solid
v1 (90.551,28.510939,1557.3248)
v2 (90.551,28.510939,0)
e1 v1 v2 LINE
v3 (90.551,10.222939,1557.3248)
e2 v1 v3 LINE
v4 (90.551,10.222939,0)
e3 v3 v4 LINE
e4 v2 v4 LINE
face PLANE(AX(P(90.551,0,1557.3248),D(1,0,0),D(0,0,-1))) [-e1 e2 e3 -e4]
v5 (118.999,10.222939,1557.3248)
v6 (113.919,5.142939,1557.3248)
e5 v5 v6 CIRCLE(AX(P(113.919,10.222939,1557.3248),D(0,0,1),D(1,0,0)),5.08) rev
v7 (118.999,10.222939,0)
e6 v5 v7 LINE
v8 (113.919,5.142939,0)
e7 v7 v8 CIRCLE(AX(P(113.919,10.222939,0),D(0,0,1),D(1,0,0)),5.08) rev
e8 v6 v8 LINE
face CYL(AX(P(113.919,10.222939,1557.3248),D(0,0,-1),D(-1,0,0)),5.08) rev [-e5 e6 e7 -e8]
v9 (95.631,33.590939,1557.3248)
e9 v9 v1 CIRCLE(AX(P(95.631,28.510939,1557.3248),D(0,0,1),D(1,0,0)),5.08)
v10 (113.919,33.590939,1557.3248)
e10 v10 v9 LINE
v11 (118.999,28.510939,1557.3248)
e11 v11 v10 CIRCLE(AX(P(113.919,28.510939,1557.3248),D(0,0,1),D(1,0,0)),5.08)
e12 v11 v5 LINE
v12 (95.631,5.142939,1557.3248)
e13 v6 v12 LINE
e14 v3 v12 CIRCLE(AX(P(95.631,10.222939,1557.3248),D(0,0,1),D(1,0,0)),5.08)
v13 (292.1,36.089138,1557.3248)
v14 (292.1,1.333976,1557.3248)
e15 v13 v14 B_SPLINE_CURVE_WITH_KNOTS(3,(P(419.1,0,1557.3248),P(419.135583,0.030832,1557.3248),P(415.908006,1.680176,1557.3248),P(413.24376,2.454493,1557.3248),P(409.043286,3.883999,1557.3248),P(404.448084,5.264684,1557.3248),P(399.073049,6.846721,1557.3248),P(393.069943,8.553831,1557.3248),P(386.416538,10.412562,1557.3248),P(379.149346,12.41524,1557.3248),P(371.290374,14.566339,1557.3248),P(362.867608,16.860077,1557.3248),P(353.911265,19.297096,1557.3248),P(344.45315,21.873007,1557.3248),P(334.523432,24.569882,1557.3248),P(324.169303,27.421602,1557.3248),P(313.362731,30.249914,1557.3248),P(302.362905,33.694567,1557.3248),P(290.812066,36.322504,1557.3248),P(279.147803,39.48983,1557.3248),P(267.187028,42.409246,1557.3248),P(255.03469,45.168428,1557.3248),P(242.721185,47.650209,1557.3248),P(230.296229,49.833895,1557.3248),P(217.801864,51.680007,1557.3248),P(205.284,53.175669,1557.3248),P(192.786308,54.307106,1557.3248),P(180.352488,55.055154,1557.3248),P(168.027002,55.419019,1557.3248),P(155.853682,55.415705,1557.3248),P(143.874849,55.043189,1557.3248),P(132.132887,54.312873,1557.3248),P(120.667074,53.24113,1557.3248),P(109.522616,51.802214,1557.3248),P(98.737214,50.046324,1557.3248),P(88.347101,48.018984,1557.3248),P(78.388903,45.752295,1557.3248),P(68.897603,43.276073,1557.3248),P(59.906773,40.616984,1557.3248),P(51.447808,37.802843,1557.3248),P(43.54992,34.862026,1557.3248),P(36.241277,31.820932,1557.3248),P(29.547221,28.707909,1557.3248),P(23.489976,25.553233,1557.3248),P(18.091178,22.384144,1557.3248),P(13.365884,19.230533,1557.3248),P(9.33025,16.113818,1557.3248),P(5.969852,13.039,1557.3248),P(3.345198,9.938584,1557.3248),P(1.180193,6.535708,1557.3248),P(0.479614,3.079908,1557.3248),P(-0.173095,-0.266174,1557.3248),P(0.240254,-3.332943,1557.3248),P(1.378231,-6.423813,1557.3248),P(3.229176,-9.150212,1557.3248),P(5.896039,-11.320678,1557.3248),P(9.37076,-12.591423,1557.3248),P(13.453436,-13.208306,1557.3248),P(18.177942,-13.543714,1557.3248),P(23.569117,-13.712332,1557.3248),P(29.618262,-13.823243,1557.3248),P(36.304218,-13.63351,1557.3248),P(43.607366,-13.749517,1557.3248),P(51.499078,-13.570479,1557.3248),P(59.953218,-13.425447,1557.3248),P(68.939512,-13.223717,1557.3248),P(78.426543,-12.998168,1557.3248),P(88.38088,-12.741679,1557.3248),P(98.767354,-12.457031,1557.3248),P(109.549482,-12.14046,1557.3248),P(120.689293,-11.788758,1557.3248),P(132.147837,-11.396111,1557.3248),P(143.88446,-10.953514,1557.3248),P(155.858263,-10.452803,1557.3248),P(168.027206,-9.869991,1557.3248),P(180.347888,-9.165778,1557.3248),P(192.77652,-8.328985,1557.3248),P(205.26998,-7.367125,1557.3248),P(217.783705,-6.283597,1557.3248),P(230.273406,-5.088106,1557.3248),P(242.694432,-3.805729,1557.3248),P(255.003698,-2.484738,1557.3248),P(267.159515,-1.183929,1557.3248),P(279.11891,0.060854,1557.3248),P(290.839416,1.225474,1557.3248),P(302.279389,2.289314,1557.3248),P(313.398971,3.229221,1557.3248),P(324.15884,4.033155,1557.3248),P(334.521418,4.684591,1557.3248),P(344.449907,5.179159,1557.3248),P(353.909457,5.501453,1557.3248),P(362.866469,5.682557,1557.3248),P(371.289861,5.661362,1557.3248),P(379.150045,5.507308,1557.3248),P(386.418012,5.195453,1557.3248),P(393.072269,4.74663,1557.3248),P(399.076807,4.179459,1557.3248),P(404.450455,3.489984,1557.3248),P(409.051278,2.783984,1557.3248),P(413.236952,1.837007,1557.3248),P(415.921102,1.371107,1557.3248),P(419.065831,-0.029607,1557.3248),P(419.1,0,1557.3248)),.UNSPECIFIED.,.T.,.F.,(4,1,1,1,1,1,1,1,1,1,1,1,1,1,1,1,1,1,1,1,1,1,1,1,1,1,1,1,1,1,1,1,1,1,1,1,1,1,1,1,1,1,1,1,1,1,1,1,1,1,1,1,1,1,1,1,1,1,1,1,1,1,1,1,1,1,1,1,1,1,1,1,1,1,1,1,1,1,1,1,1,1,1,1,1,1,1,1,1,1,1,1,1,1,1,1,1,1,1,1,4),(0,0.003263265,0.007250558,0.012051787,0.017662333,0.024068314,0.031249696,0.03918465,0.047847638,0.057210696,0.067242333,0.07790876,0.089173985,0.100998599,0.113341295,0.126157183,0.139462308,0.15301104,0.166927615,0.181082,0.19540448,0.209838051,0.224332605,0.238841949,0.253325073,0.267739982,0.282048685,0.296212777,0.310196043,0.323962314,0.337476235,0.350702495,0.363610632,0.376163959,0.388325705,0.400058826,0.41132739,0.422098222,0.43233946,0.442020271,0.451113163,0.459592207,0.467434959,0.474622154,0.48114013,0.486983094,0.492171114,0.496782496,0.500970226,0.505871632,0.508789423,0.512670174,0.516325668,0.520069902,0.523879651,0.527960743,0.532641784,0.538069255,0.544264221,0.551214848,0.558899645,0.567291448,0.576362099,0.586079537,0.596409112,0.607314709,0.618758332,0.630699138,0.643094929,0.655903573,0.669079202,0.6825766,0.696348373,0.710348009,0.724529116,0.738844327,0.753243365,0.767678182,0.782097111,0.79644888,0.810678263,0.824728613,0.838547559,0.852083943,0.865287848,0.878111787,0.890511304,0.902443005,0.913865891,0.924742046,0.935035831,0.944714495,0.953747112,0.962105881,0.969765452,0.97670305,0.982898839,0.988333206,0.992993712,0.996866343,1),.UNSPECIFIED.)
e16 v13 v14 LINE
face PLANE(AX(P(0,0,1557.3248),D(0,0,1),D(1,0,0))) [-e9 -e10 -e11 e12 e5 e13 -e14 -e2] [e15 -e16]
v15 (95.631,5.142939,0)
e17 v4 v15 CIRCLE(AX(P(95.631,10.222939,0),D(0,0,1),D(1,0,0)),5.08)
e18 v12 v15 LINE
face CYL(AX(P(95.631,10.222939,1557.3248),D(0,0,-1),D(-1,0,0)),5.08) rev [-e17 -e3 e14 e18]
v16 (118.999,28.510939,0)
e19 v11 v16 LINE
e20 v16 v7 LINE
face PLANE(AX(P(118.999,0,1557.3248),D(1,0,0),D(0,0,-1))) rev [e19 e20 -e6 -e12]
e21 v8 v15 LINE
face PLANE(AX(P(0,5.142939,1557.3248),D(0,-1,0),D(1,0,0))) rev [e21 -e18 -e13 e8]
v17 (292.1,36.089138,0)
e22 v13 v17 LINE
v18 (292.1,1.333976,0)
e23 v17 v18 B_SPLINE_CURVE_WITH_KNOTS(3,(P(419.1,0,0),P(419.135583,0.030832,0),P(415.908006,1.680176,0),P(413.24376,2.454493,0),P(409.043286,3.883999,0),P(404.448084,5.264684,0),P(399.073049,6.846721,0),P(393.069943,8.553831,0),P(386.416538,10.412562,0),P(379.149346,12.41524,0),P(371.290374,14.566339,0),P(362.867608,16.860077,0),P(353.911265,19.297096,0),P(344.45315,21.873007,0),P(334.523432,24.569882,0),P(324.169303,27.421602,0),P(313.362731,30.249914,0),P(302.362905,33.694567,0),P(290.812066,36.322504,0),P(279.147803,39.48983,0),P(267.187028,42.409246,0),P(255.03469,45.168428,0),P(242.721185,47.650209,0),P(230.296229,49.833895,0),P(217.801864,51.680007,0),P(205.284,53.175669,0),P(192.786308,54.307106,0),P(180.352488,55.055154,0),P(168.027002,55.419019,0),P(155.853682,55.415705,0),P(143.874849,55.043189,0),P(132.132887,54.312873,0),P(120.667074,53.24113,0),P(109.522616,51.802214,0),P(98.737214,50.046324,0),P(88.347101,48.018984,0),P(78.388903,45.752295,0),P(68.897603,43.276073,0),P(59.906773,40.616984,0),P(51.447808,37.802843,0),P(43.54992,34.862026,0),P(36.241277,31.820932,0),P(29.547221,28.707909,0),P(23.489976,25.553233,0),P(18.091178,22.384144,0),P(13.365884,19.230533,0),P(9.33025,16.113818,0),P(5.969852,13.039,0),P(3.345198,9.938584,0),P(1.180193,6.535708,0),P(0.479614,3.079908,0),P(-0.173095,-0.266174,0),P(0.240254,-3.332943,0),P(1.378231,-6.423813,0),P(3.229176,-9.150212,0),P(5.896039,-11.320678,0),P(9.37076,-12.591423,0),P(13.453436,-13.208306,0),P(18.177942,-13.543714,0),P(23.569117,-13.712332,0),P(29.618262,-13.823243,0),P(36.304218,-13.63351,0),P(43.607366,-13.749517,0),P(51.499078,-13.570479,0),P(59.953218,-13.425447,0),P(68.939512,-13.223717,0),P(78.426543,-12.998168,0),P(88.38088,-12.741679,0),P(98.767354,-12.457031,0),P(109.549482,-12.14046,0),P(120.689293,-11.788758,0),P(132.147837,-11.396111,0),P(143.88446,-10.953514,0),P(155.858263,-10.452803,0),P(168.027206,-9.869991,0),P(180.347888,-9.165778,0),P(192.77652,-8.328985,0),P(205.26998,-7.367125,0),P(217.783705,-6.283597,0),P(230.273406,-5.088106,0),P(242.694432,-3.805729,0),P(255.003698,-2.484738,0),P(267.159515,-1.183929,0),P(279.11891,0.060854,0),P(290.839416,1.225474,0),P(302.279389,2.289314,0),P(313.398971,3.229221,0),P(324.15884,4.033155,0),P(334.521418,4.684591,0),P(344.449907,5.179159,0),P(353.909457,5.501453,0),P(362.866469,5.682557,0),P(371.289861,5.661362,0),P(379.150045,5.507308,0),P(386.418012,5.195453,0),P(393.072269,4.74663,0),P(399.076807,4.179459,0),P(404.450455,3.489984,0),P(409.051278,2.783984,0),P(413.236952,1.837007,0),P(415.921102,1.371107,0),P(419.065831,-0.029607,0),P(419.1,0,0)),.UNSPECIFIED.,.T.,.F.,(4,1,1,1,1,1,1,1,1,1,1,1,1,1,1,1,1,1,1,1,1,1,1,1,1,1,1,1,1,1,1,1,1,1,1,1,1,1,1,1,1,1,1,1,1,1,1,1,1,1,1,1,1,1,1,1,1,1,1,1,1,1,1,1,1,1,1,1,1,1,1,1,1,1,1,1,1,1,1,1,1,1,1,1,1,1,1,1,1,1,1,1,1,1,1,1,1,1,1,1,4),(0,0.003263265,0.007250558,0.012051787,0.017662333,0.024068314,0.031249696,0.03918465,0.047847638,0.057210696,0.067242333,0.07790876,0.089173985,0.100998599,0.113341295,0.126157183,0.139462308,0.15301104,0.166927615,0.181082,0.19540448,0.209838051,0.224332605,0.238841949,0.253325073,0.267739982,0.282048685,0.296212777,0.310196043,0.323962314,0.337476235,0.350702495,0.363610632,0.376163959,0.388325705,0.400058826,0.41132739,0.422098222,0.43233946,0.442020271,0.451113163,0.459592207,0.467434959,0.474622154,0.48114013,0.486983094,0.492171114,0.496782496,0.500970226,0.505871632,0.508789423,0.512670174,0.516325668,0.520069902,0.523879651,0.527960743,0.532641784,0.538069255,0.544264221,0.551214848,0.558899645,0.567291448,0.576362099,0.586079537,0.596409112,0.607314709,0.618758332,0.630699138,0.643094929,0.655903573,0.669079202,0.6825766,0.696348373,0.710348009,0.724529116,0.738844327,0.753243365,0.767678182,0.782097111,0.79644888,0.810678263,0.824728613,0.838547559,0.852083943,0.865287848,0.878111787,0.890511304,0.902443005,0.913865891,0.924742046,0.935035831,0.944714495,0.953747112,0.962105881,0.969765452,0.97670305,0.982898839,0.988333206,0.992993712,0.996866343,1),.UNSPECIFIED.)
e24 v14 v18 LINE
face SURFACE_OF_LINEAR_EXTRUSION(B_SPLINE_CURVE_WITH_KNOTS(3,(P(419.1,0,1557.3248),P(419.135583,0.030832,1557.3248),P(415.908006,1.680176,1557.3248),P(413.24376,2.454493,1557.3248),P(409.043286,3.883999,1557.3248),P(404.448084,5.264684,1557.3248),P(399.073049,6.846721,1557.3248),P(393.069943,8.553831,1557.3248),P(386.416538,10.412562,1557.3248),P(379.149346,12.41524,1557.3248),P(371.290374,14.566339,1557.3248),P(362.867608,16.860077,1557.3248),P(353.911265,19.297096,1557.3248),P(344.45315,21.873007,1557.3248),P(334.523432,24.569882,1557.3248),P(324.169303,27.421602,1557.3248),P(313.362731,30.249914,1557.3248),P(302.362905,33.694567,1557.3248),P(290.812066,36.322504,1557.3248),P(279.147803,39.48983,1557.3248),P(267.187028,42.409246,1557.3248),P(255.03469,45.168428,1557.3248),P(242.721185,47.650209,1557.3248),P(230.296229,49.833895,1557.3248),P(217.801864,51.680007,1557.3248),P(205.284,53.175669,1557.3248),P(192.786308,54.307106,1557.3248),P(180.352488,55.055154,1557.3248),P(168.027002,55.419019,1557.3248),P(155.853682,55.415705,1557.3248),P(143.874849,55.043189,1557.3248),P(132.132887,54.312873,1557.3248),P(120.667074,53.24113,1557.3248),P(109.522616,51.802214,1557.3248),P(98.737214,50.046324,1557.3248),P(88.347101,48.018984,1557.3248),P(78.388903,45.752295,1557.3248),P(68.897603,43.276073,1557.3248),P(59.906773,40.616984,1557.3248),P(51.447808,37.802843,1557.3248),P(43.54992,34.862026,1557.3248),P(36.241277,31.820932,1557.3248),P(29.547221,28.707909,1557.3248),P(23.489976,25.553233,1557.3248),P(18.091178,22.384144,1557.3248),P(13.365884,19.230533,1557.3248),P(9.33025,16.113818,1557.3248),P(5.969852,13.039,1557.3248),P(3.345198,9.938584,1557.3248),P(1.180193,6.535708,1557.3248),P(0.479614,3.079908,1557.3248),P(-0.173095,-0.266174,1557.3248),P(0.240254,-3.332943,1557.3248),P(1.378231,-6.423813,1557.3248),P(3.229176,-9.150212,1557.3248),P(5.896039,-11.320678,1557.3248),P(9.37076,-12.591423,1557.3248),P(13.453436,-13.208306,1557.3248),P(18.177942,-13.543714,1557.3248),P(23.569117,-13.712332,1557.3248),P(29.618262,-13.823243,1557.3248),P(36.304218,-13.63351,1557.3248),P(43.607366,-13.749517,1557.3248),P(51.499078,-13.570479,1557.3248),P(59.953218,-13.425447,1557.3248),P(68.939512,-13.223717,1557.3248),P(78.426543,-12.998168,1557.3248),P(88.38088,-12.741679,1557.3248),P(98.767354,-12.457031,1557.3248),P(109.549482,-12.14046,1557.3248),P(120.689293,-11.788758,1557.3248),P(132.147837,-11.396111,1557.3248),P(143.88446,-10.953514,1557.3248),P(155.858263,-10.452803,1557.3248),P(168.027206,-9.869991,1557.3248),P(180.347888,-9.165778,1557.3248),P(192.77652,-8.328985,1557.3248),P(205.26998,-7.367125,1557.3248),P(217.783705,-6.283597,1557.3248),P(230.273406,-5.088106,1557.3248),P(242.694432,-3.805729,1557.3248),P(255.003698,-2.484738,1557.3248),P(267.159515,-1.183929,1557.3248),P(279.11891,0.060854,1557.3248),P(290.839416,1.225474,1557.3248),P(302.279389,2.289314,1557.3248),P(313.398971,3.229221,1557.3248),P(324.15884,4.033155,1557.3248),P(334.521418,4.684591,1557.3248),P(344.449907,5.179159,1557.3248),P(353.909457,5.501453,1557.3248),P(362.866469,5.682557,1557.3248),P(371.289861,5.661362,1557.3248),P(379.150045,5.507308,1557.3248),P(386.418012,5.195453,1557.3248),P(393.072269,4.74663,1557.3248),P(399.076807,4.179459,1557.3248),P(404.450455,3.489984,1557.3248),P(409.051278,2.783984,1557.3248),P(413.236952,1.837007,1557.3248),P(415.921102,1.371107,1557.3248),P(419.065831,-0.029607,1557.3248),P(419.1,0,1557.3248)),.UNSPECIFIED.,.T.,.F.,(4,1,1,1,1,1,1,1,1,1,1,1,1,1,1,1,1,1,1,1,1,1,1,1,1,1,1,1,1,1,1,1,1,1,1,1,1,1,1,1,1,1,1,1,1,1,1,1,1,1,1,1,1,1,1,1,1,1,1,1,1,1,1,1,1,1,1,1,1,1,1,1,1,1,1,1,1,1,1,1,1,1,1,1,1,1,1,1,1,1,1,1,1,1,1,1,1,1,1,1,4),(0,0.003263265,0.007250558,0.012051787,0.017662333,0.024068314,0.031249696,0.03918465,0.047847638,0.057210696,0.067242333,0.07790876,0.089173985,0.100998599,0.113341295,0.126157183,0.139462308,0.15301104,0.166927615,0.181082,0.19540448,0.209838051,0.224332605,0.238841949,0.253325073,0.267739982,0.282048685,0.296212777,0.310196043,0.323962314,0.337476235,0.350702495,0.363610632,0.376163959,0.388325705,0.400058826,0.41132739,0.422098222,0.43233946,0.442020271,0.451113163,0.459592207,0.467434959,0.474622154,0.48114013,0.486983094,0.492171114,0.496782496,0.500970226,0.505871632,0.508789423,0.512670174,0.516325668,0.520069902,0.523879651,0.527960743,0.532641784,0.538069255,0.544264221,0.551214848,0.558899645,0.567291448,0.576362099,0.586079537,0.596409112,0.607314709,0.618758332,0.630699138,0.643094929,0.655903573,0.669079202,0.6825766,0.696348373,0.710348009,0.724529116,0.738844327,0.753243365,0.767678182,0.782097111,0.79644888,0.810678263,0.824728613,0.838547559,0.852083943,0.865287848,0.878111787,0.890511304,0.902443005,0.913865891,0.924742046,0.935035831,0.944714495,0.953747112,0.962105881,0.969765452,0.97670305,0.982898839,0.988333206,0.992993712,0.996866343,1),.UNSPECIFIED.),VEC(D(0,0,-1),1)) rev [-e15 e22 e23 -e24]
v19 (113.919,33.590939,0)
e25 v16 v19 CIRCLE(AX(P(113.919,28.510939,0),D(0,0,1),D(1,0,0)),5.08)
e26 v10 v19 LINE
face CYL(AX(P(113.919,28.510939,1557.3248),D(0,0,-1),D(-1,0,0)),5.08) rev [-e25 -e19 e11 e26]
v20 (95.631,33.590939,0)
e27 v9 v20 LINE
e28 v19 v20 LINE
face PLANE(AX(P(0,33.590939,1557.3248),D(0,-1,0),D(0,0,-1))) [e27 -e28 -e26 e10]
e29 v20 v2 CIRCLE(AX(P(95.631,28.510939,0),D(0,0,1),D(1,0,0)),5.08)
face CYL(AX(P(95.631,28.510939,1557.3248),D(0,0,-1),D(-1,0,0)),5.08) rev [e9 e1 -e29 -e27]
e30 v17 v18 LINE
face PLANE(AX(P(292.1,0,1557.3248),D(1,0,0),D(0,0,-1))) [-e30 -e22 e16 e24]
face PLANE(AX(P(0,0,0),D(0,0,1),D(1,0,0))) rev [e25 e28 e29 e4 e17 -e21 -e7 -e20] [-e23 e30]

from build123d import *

# Parameters (mm, degrees)
BOSS_EXTRUDE2_DEPTH = 1557.3248


with BuildPart() as part:
    # Sketch4 → Boss-Extrude2 (new body)
    with BuildSketch(Plane.XY):
        with BuildLine():
            Line((292.1, 1.333976234), (292.1, 36.089138265))
            add(Edge.make_bspline(
                [(292.1, 36.089138265), (291.712067661, 36.184325378), (287.400368227, 37.248919845), (279.147802785, 39.48983049), (267.187027603, 42.40924598), (255.03469047, 45.168428419), (242.72118539, 47.650209376), (230.296228944, 49.833894591), (217.801864375, 51.680006577), (205.284000487, 53.175668631), (192.786307767, 54.307105516), (180.352488326, 55.055153751), (168.027001927, 55.419018534), (155.853682434, 55.415704887), (143.87484882, 55.043188606), (132.132886758, 54.31287262), (120.66707402, 53.241130474), (109.522615964, 51.802214496), (98.737214119, 50.046324189), (88.347101396, 48.018984454), (78.388903375, 45.752295043), (68.897602741, 43.276072625), (59.906772527, 40.616983942), (51.447808112, 37.802843474), (43.549919517, 34.862025865), (36.241276719, 31.820931595), (29.547220551, 28.707908655), (23.489975501, 25.553233337), (18.091178224, 22.384144218), (13.365884381, 19.2305327), (9.330250208, 16.113817985), (5.969851951, 13.038999763), (3.345197754, 9.938584311), (1.180192797, 6.535708142), (0.479614476, 3.079908406), (-0.173094538, -0.266173519), (0.240253697, -3.332942929), (1.378230663, -6.423813499), (3.229176053, -9.150211891), (5.896039459, -11.320678389), (9.37076014, -12.591423064), (13.453435799, -13.208305962), (18.177942301, -13.543713588), (23.569117067, -13.71233198), (29.61826198, -13.823243233), (36.304218059, -13.633510343), (43.607365535, -13.749516921), (51.499077676, -13.570479283), (59.953218347, -13.425446573), (68.939511532, -13.223717363), (78.426543, -12.998167708), (88.380880035, -12.741679467), (98.76735409, -12.457031064), (109.549481724, -12.140459653), (120.689292625, -11.788758271), (132.147836589, -11.396110922), (143.884459541, -10.953513815), (155.858263106, -10.452803048), (168.02720614, -9.869990689), (180.347887973, -9.165777547), (192.776520036, -8.328984733), (205.269979931, -7.367125203), (217.783705172, -6.283597235), (230.273405672, -5.088105923), (242.69443158, -3.805728614), (255.003698462, -2.484737799), (267.159514579, -1.183928962), (279.11891019, 0.06085411), (287.411482757, 0.884854057), (291.712223024, 1.296948262), (292.1, 1.333976234)],
                knots=[0.151635715, 0.151635715, 0.151635715, 0.151635715, 0.15301104, 0.166927615, 0.181082, 0.19540448, 0.209838051, 0.224332605, 0.238841949, 0.253325073, 0.267739982, 0.282048685, 0.296212777, 0.310196043, 0.323962314, 0.337476235, 0.350702495, 0.363610632, 0.376163959, 0.388325705, 0.400058826, 0.41132739, 0.422098222, 0.43233946, 0.442020271, 0.451113163, 0.459592207, 0.467434959, 0.474622154, 0.48114013, 0.486983094, 0.492171114, 0.496782496, 0.500970226, 0.505871632, 0.508789423, 0.512670174, 0.516325668, 0.520069902, 0.523879651, 0.527960743, 0.532641784, 0.538069255, 0.544264221, 0.551214848, 0.558899645, 0.567291448, 0.576362099, 0.586079537, 0.596409112, 0.607314709, 0.618758332, 0.630699138, 0.643094929, 0.655903573, 0.669079202, 0.6825766, 0.696348373, 0.710348009, 0.724529116, 0.738844327, 0.753243365, 0.767678182, 0.782097111, 0.79644888, 0.810678263, 0.824728613, 0.838547559, 0.852083943, 0.85342536, 0.85342536, 0.85342536, 0.85342536], degree=3))
        make_face()
        with BuildLine():
            Line((95.631, 33.590938522), (113.919, 33.590938522))
            ThreePointArc((113.919, 33.590938522), (117.511102448, 32.10304097), (118.999, 28.510938522))
            Line((118.999, 28.510938522), (118.999, 10.222938522))
            ThreePointArc((118.999, 10.222938522), (117.511102448, 6.630836073), (113.919, 5.142938522))
            Line((113.919, 5.142938522), (95.631, 5.142938522))
            ThreePointArc((95.631, 5.142938522), (92.038897552, 6.630836073), (90.551, 10.222938522))
            Line((90.551, 10.222938522), (90.551, 28.510938522))
            ThreePointArc((90.551, 28.510938522), (92.038897552, 32.10304097), (95.631, 33.590938522))
        make_face(mode=Mode.SUBTRACT)
    extrude(amount=BOSS_EXTRUDE2_DEPTH)


solid = part.part
